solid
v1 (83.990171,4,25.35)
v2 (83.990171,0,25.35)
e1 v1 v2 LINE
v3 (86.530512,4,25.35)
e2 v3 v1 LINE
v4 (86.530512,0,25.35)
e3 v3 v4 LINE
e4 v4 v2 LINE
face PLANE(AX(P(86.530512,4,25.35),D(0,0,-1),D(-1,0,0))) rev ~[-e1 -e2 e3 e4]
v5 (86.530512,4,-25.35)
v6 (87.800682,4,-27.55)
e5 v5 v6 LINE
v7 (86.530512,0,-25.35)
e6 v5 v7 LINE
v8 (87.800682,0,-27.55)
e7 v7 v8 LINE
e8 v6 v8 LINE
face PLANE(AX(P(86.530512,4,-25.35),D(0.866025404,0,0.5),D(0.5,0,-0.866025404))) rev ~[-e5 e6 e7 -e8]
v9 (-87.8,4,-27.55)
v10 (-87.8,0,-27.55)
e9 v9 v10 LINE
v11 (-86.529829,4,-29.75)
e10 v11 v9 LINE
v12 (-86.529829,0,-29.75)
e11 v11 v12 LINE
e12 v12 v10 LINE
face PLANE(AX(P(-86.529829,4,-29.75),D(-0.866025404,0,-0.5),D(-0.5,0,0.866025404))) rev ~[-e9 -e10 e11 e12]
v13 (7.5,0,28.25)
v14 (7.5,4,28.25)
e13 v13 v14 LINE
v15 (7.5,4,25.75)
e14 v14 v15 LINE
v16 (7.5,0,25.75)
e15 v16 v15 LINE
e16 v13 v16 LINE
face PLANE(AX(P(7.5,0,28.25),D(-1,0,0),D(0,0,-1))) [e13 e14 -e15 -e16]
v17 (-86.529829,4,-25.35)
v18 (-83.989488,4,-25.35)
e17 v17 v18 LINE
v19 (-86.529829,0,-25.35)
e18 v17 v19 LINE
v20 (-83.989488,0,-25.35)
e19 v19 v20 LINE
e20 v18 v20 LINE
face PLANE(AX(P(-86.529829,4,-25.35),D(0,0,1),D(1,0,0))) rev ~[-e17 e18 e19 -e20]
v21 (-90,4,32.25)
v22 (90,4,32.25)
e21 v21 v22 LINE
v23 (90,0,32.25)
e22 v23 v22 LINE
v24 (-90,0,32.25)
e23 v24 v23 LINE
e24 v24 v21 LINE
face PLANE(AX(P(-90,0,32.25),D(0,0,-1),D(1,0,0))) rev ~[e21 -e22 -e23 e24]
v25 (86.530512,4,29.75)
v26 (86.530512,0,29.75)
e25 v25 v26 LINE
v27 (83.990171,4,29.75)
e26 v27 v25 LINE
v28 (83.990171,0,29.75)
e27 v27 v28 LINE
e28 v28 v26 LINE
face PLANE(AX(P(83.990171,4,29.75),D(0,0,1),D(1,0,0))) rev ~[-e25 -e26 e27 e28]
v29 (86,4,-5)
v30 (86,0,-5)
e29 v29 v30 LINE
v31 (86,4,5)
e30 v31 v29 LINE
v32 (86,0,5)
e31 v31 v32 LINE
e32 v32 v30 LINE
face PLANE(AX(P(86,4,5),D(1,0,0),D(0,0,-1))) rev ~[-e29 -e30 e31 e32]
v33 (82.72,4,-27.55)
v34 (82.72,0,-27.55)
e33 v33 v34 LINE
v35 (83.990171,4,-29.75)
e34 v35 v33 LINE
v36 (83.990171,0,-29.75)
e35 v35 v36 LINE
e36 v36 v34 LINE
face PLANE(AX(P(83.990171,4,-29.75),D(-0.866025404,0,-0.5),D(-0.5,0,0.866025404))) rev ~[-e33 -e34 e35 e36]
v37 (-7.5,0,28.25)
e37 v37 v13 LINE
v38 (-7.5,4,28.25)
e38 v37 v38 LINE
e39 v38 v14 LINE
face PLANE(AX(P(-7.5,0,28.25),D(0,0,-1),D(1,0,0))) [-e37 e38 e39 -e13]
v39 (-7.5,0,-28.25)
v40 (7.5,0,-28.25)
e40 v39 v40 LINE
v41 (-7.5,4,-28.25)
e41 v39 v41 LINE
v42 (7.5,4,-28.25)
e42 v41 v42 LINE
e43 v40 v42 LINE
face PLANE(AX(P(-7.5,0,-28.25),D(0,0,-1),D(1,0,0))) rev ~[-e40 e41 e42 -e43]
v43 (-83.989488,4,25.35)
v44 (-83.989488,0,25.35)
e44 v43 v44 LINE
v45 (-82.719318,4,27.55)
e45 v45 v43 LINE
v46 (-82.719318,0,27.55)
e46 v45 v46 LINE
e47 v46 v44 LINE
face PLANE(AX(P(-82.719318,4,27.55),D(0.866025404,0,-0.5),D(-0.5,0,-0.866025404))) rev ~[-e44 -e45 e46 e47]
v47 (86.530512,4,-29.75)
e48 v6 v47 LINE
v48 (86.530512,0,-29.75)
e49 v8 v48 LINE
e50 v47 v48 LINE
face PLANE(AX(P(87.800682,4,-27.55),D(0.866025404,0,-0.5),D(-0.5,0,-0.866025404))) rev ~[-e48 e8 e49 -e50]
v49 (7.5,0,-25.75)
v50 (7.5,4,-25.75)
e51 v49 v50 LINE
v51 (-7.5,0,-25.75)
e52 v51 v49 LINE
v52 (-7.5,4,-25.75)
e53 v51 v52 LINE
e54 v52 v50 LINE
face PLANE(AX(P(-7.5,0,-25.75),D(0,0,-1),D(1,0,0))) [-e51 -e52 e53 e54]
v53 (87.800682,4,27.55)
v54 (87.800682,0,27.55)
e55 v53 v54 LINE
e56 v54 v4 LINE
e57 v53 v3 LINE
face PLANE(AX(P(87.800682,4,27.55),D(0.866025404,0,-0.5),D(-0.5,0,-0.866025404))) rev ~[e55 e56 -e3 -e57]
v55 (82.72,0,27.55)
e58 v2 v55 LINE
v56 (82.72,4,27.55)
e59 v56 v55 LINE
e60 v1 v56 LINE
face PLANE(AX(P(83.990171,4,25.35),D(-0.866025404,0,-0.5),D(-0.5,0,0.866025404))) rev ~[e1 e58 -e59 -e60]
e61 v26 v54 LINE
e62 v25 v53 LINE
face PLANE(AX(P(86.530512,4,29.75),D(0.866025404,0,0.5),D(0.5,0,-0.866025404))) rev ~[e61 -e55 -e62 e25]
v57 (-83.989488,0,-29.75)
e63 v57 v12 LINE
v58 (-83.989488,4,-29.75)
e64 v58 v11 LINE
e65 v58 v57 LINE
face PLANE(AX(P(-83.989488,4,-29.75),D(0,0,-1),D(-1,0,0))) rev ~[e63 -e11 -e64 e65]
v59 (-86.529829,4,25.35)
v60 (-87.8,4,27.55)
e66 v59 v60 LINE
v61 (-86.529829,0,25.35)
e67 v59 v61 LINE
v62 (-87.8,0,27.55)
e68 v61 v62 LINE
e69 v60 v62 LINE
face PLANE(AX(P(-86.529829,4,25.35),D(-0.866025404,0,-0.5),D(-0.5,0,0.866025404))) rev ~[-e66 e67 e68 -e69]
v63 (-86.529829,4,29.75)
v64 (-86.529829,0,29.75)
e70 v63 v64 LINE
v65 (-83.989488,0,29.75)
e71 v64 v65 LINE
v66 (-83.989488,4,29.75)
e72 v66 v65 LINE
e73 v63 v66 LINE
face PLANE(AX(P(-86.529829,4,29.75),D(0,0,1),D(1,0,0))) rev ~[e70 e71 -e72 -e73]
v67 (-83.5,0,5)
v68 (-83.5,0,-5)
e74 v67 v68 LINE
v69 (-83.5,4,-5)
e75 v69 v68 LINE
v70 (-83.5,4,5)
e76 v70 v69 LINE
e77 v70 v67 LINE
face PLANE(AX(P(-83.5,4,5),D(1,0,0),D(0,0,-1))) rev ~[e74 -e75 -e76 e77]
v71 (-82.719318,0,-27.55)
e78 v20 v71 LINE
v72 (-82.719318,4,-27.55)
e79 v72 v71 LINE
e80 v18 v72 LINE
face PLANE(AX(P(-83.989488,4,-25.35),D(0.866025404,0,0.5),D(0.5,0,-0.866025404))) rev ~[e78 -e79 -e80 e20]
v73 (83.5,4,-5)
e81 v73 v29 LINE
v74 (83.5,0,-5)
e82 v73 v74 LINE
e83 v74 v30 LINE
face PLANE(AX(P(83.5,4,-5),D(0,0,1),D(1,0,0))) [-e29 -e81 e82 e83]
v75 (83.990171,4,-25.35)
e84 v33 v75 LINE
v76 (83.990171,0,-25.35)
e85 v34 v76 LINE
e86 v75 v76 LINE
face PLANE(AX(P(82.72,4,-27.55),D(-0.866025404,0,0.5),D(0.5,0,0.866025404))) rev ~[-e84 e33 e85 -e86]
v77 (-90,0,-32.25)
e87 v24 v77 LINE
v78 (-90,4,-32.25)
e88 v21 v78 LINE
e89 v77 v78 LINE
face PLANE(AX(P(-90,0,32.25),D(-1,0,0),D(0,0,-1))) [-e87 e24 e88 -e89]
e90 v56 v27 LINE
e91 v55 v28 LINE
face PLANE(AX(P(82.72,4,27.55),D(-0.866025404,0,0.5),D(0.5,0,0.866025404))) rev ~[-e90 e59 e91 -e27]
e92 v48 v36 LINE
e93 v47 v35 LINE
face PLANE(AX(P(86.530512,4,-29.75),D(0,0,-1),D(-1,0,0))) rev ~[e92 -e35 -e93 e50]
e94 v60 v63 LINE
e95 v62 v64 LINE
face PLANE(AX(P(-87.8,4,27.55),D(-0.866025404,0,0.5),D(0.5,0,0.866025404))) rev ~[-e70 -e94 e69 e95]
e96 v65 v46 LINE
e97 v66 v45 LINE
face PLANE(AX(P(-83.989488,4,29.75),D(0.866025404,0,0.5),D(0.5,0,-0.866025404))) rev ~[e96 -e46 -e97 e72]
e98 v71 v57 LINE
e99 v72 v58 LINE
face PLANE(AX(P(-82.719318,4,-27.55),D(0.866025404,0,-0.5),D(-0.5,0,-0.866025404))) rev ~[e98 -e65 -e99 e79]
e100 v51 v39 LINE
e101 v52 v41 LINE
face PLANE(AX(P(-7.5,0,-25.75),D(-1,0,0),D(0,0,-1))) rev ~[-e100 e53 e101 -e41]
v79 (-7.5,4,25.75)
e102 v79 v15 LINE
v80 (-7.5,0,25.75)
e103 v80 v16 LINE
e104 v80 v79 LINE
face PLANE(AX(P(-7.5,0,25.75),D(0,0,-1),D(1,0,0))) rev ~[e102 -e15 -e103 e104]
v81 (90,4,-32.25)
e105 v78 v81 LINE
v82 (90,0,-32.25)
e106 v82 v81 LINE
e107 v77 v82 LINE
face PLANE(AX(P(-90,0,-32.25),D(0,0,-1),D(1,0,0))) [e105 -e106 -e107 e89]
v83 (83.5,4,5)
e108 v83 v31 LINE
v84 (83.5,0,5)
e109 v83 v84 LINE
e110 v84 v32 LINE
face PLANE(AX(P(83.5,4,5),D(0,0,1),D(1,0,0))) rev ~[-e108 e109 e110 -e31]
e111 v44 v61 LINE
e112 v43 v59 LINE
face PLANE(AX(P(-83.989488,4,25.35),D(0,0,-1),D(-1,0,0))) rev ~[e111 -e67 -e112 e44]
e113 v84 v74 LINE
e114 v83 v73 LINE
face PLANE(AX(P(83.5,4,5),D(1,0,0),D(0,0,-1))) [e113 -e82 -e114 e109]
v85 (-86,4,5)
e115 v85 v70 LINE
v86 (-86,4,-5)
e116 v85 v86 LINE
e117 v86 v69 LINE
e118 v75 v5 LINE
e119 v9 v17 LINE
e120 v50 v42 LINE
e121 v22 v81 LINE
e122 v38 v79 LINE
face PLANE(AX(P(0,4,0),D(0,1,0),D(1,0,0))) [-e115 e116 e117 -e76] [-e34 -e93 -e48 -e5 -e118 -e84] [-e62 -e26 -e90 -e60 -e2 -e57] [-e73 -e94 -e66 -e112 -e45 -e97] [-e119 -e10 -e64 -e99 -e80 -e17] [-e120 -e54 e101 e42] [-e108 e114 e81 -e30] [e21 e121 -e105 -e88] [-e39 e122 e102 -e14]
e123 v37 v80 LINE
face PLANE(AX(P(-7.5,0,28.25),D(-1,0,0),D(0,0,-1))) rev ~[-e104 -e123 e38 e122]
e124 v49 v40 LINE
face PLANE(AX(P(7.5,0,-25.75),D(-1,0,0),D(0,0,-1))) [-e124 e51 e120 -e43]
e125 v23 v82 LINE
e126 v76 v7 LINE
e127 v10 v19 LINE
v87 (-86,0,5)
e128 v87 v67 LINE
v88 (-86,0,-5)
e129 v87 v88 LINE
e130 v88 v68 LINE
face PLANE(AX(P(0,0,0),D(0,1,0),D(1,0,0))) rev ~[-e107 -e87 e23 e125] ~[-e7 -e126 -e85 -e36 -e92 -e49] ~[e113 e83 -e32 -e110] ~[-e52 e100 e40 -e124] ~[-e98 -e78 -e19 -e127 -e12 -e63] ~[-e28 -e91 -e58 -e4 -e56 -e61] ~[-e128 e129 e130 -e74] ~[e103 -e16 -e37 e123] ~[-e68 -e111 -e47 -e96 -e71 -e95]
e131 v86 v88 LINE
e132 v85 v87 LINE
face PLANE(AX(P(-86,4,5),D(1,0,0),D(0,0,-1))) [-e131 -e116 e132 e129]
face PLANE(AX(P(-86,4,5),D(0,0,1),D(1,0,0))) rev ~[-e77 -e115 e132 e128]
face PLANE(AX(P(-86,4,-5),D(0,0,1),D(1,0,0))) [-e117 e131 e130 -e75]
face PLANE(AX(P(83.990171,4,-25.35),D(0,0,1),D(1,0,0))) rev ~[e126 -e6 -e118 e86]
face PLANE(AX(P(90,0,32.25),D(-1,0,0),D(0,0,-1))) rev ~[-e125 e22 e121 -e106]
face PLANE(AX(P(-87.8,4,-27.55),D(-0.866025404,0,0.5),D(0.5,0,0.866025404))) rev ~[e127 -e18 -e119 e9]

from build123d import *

# Parameters (mm, degrees)
CROQUIS1_W              = 180
CROQUIS1_H              = 64.5
SALIENTE_EXTRUIR1_DEPTH = 4
CROQUIS2_W              = 2.5
CROQUIS2_H              = 10
CORTAR_EXTRUIR1_DEPTH   = 4
MATRIZL1_COUNT          = 2
MATRIZL1_PITCH          = 169.5
CROQUIS3_W              = 15
CROQUIS3_H              = 2.5
CORTAR_EXTRUIR2_DEPTH   = 4
CORTAR_EXTRUIR3_DEPTH   = 4
MATRIZL2_COUNT          = 2
MATRIZL2_PITCH          = 170.52
MATRIZL2_COUNT_DIR2     = 2
MATRIZL2_PITCH_DIR2     = 55.1


with BuildPart() as part:
    # Croquis1 → Saliente-Extruir1 (new body)
    with BuildSketch(Plane(origin=(0, 0, 0), x_dir=(1, 0, 0), z_dir=(0, 1, 0))):
        Rectangle(CROQUIS1_W, CROQUIS1_H)
    extrude(amount=SALIENTE_EXTRUIR1_DEPTH)

    # Croquis2 → Cortar-Extruir1 (cut)
    with BuildSketch(Plane(origin=(0, 4, 0), x_dir=(1, 0, 0), z_dir=(0, 1, 0))):
        with Locations((84.75, 0)):
            Rectangle(CROQUIS2_W, CROQUIS2_H)
    cortar_extruir1 = extrude(amount=-CORTAR_EXTRUIR1_DEPTH, mode=Mode.SUBTRACT)

    # MatrizL1: Cortar-Extruir1 ×2
    with Locations(*[(-i * MATRIZL1_PITCH, 0, 0) for i in range(1, MATRIZL1_COUNT)]):
        add(cortar_extruir1, mode=Mode.SUBTRACT)

    # Croquis3 → Cortar-Extruir2 (cut)
    with BuildSketch(Plane(origin=(0, 0, 0), x_dir=(1, 0, 0), z_dir=(0, 1, 0))):
        with Locations((0, 27)):
            Rectangle(CROQUIS3_W, CROQUIS3_H)
        with Locations((0, -27)):
            Rectangle(CROQUIS3_W, CROQUIS3_H)
    extrude(amount=CORTAR_EXTRUIR2_DEPTH, mode=Mode.SUBTRACT)

    # Croquis4 → Cortar-Extruir3 (cut)
    with BuildSketch(Plane(origin=(0, 4, 0), x_dir=(1, 0, 0), z_dir=(0, 1, 0))):
        Polygon((-82.719317631, 27.55), (-83.989488223, 29.75), (-86.529829408, 29.75), (-87.8, 27.55), (-86.529829408, 25.35), (-83.989488223, 25.35), align=None)
    cortar_extruir3 = extrude(amount=-CORTAR_EXTRUIR3_DEPTH, mode=Mode.SUBTRACT)

    # MatrizL2: Cortar-Extruir3 2 × 2
    with Locations(*[(i * MATRIZL2_PITCH, 0, j * MATRIZL2_PITCH_DIR2) for i in range(MATRIZL2_COUNT) for j in range(MATRIZL2_COUNT_DIR2) if (i, j) != (0, 0)]):
        add(cortar_extruir3, mode=Mode.SUBTRACT)


solid = part.part
